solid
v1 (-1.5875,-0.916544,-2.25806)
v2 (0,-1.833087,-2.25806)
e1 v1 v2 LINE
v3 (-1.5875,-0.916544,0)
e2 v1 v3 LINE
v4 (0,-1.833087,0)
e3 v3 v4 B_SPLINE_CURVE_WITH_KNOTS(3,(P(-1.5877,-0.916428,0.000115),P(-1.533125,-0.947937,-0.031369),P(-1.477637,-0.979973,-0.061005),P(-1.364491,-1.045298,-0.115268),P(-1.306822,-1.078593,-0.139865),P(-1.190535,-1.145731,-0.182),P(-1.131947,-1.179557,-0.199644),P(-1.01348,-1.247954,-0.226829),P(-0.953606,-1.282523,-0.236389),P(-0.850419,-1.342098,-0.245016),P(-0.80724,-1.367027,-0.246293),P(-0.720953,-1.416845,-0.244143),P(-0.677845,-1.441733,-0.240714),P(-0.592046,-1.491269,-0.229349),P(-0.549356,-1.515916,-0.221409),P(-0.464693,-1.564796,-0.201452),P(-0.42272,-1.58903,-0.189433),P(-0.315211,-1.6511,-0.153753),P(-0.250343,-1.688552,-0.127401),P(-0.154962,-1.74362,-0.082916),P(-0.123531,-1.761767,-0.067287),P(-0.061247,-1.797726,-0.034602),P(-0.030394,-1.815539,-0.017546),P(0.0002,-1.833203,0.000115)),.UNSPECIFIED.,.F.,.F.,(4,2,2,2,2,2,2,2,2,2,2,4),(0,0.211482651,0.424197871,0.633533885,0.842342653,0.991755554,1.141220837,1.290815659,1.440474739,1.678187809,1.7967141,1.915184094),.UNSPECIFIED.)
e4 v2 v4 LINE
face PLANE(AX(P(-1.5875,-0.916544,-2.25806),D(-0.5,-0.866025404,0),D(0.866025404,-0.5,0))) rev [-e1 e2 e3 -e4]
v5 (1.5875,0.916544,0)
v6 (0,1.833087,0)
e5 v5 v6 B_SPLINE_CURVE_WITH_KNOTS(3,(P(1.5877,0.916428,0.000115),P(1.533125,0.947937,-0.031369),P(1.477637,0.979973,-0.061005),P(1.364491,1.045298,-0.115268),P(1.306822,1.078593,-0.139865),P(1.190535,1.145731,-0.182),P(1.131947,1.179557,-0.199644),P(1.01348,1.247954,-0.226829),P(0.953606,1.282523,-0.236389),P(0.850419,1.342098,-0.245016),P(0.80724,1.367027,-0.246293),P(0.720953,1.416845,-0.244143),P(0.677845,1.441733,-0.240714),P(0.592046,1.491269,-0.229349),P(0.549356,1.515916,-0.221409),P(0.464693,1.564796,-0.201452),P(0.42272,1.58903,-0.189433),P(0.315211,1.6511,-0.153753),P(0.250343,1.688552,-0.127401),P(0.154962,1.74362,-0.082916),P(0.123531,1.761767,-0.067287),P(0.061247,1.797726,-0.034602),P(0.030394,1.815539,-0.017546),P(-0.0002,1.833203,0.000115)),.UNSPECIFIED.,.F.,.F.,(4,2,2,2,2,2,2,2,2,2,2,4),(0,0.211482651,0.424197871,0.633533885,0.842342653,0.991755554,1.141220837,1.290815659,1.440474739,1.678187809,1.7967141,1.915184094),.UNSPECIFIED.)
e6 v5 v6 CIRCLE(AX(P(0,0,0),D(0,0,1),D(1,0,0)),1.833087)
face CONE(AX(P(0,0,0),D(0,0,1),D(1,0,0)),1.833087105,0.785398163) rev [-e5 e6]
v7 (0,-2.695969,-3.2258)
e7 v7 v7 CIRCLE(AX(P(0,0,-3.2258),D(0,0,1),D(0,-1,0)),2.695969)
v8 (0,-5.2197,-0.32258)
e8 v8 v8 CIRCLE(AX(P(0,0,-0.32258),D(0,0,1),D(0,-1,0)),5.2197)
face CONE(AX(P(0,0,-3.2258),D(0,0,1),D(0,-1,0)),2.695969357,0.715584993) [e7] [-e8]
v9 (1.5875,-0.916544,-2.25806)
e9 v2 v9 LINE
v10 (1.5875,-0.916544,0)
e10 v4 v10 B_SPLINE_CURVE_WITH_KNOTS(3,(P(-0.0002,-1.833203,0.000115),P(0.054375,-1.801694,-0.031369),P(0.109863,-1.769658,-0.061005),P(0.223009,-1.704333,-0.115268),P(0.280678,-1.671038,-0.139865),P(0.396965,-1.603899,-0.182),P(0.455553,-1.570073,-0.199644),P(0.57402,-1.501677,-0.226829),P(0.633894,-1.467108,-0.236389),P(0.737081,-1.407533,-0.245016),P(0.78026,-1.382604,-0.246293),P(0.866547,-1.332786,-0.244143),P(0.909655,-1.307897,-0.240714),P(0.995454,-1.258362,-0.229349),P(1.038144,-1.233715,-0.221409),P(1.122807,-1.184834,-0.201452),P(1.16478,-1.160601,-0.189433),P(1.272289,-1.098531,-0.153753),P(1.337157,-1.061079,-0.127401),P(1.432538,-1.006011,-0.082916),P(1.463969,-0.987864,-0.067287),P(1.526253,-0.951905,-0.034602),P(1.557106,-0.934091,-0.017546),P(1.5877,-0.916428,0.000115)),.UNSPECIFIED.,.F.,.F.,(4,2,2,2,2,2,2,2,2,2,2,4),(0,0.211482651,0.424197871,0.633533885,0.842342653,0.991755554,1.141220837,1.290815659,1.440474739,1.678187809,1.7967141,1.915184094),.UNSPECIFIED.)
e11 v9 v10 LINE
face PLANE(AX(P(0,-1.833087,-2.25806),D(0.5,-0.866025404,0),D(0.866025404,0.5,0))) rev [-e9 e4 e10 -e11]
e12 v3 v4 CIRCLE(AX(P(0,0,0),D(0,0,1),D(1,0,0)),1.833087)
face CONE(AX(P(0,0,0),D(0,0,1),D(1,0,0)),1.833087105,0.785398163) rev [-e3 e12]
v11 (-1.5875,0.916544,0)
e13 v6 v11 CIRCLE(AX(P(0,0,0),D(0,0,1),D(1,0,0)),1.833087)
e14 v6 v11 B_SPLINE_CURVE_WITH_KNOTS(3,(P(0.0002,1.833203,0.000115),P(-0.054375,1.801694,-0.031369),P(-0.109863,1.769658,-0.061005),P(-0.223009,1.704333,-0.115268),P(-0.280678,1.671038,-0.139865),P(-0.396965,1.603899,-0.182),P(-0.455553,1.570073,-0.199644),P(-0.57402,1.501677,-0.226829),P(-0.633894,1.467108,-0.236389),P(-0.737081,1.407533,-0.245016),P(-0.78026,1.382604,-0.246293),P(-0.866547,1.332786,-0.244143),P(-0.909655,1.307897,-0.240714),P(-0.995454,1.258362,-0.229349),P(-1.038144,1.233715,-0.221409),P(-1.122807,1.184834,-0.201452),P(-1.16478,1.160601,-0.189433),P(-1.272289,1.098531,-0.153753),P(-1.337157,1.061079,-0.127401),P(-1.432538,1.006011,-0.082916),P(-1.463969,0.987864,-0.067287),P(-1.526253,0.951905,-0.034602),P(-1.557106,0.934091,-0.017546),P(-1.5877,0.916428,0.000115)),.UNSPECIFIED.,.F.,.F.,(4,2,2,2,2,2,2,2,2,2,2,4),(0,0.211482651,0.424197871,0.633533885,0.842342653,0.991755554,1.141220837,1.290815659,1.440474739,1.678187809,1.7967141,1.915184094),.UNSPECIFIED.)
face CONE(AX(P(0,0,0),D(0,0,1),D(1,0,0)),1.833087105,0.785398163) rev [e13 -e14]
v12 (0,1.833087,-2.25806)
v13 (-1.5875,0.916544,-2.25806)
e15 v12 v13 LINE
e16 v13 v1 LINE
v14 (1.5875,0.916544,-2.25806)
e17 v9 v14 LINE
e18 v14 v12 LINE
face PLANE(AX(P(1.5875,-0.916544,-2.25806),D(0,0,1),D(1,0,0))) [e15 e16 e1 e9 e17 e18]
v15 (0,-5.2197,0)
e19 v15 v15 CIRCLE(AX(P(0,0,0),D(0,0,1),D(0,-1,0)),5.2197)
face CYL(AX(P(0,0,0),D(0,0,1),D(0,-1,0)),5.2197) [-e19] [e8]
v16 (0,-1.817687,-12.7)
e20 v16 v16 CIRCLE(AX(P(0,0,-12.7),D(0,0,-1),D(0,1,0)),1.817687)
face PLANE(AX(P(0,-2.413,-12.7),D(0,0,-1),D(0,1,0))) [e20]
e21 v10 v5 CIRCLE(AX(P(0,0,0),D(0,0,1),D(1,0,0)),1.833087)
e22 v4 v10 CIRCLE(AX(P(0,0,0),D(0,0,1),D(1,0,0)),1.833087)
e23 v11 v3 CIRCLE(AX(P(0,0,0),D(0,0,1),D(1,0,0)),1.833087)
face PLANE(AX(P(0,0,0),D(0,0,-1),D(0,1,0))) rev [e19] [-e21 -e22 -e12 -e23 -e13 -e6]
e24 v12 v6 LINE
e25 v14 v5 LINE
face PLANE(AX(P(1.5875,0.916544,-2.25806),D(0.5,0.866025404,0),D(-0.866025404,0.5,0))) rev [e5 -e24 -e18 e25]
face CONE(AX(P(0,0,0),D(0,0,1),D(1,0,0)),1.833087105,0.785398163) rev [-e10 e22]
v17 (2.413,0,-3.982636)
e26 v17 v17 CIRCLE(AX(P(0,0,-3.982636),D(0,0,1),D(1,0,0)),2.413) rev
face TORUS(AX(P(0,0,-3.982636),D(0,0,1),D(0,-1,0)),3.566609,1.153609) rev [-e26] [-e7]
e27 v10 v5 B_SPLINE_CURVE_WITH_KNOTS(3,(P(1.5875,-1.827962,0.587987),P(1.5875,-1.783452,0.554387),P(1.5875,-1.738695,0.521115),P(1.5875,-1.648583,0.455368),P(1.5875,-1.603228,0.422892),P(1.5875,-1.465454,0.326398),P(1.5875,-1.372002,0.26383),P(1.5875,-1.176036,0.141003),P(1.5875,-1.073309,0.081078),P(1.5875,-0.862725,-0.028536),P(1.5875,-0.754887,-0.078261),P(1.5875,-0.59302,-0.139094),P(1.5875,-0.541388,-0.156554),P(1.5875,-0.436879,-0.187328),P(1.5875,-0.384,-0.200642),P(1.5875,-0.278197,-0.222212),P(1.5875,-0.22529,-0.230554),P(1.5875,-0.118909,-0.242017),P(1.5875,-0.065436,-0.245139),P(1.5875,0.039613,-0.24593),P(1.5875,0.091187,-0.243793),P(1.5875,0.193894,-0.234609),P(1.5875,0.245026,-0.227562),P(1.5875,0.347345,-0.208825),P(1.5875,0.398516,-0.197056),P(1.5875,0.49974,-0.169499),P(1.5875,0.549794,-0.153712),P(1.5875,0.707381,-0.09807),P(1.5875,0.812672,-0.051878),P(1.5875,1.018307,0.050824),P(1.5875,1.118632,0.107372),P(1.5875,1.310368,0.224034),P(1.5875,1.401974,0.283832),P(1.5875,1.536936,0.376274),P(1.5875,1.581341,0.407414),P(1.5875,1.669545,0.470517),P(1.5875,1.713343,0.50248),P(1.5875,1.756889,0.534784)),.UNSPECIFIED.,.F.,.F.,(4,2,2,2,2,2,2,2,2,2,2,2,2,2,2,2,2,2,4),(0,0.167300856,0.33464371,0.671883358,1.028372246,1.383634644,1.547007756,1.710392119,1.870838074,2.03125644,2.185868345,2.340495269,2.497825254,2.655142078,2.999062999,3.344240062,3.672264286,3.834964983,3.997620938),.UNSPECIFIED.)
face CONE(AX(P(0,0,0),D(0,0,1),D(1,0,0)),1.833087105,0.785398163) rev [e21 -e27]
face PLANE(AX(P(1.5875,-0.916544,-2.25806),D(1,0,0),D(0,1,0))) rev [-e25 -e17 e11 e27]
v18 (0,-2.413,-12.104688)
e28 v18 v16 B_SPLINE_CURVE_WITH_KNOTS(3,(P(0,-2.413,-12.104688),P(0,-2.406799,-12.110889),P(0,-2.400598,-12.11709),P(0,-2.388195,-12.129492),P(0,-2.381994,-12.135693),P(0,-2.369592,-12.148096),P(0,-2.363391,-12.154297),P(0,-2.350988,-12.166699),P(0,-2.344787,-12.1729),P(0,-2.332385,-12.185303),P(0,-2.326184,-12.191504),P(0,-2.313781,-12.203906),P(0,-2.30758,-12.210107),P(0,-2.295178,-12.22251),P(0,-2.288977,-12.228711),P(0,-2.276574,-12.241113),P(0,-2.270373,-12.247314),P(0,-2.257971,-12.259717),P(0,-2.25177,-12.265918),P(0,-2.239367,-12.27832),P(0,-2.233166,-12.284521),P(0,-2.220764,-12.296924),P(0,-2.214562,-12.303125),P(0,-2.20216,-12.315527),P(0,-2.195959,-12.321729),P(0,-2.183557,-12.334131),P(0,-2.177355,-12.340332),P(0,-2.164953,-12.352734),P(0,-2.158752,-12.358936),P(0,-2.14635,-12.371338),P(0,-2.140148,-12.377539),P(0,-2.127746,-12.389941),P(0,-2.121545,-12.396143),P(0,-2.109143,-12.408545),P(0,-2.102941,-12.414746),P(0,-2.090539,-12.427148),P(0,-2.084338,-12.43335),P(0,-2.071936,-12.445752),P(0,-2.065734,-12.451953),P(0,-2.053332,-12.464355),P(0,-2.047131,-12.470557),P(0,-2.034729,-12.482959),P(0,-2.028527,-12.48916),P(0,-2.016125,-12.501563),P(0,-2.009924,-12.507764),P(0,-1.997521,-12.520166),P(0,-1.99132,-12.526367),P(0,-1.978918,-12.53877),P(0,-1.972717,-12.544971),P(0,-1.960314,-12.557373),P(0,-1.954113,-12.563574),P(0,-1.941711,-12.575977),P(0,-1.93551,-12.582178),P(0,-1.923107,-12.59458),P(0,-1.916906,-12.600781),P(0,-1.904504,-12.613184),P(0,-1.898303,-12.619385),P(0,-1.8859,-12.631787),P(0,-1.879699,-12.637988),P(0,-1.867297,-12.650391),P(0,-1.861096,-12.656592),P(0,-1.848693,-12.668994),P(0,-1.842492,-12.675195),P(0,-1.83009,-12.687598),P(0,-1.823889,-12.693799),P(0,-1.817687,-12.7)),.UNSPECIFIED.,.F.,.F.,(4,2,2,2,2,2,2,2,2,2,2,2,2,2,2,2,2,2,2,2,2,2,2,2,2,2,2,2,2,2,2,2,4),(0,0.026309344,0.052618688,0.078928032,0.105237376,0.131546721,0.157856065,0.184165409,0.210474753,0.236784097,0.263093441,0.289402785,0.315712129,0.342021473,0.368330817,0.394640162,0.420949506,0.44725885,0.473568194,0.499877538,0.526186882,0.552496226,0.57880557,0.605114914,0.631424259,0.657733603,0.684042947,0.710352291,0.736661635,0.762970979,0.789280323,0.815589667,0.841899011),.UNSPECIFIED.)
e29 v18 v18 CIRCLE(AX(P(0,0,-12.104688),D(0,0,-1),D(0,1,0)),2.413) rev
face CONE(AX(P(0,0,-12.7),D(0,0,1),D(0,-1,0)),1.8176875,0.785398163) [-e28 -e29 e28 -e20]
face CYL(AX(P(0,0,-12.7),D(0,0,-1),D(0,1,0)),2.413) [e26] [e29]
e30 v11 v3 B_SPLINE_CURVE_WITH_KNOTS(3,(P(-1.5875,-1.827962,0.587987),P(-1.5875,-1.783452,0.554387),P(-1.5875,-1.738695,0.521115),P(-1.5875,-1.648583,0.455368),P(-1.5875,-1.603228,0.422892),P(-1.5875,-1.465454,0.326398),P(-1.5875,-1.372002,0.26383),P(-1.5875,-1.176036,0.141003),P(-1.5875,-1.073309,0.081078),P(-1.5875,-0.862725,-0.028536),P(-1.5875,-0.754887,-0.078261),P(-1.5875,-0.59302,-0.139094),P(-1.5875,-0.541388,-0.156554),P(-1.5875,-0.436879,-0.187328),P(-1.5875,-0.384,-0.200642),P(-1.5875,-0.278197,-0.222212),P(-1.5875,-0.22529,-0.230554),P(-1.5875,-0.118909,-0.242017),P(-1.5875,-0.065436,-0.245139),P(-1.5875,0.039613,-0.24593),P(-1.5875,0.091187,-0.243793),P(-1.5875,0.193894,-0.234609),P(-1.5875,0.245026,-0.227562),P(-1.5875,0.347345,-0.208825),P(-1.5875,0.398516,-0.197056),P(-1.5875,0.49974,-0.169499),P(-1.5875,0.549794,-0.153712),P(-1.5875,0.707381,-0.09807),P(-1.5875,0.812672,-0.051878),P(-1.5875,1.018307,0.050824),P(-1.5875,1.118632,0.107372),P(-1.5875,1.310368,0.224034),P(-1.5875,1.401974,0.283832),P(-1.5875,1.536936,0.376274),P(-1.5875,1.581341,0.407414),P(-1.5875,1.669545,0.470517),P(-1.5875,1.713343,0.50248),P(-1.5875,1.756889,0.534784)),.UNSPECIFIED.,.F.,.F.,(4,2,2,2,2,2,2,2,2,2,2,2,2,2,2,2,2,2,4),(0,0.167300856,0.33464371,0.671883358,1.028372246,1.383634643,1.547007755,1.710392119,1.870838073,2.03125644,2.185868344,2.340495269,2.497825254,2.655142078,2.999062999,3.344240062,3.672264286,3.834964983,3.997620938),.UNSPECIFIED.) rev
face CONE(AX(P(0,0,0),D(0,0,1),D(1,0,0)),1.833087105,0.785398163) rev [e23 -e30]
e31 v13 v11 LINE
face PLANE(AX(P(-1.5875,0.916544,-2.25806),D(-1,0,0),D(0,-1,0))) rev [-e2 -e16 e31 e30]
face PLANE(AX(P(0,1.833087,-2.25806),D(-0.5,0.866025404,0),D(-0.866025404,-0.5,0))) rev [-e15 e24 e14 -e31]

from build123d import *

# Parameters (mm, degrees)
SKETCH1_W          = 12.7
SKETCH1_H          = 2.413
CHAMFER1_SIZE      = 0.5953125
CUT_EXTRUDE2_DEPTH = 2.25806


with BuildPart() as part:
    # Sketch1 → Revolve1 (revolve)
    with BuildSketch(Plane(origin=(0, 0, 0), x_dir=(0, 0, -1), z_dir=(1, 0, 0))):
        with Locations((6.35, 1.2065)):
            Rectangle(SKETCH1_W, SKETCH1_H)
    revolve(axis=Axis((0, 0, -12.7), (0, 0, 1)))

    # Chamfer1
    chamfer1_edges = [part.edges().sort_by_distance(p)[0] for p in [
        (0, -2.413, -12.7),
    ]]
    chamfer(chamfer1_edges, length=CHAMFER1_SIZE)


with BuildPart() as body_2:
    # Sketch7 → Revolve2 (revolve)
    with BuildSketch(Plane(origin=(0, 0, 0), x_dir=(0, 0, -1), z_dir=(1, 0, 0)), mode=Mode.PRIVATE) as revolve2_sk:
        with BuildLine():
            Line((0, 5.2197), (0.32258, 5.2197))
            Line((0.32258, 5.2197), (3.2258, 2.695969357))
            ThreePointArc((3.2258, 2.695969357), (3.578633365, 2.486055564), (3.982635924, 2.413))
            Line((3.982635924, 2.413), (3.982635924, 0))
            Line((3.982635924, 0), (0, 0))
            Line((0, 0), (0, 5.2197))
        make_face()
    revolve(revolve2_sk.sketch.rotate(Axis((0, 0, 0), (0, 0, -1)), 180), axis=Axis((0, 0, 0), (0, 0, -1)))

    # Boss-Extrude1 cone 1 section (through the dimple's axis) → Boss-Extrude1 (revolve)
    with BuildSketch(Plane(origin=(0, 0, -3.982635924), x_dir=(0, -1, 0), z_dir=(1, 0, 0))):
        Polygon((0, 0), (2.413, 0), (0, 2.413), align=None)
    revolve(axis=Axis((0, 0, -3.982635924), (0, 0, -1)))

    # Combine1: union part
    add(part.part)

    # Sketch5 → Cut-Extrude2 (cut)
    with BuildSketch(Plane.XY):
        Polygon((1.5875, -0.916543552), (1.5875, 0.916543552), (0, 1.833087105), (-1.5875, 0.916543552), (-1.5875, -0.916543552), (0, -1.833087105), align=None)
    extrude(amount=-CUT_EXTRUDE2_DEPTH, mode=Mode.SUBTRACT)

    # Cut-Extrude3 cone 1 section (through the dimple's axis) → Cut-Extrude3 (revolve, cut)
    with BuildSketch(Plane(origin=(0, 0, 0), x_dir=(0, -1, 0), z_dir=(1, 0, 0))):
        Polygon((0, 0), (1.833087105, 0), (0, 1.833087105), align=None)
    revolve(axis=Axis((0, 0, 0), (0, 0, -1)), mode=Mode.SUBTRACT)


solid = body_2.part
